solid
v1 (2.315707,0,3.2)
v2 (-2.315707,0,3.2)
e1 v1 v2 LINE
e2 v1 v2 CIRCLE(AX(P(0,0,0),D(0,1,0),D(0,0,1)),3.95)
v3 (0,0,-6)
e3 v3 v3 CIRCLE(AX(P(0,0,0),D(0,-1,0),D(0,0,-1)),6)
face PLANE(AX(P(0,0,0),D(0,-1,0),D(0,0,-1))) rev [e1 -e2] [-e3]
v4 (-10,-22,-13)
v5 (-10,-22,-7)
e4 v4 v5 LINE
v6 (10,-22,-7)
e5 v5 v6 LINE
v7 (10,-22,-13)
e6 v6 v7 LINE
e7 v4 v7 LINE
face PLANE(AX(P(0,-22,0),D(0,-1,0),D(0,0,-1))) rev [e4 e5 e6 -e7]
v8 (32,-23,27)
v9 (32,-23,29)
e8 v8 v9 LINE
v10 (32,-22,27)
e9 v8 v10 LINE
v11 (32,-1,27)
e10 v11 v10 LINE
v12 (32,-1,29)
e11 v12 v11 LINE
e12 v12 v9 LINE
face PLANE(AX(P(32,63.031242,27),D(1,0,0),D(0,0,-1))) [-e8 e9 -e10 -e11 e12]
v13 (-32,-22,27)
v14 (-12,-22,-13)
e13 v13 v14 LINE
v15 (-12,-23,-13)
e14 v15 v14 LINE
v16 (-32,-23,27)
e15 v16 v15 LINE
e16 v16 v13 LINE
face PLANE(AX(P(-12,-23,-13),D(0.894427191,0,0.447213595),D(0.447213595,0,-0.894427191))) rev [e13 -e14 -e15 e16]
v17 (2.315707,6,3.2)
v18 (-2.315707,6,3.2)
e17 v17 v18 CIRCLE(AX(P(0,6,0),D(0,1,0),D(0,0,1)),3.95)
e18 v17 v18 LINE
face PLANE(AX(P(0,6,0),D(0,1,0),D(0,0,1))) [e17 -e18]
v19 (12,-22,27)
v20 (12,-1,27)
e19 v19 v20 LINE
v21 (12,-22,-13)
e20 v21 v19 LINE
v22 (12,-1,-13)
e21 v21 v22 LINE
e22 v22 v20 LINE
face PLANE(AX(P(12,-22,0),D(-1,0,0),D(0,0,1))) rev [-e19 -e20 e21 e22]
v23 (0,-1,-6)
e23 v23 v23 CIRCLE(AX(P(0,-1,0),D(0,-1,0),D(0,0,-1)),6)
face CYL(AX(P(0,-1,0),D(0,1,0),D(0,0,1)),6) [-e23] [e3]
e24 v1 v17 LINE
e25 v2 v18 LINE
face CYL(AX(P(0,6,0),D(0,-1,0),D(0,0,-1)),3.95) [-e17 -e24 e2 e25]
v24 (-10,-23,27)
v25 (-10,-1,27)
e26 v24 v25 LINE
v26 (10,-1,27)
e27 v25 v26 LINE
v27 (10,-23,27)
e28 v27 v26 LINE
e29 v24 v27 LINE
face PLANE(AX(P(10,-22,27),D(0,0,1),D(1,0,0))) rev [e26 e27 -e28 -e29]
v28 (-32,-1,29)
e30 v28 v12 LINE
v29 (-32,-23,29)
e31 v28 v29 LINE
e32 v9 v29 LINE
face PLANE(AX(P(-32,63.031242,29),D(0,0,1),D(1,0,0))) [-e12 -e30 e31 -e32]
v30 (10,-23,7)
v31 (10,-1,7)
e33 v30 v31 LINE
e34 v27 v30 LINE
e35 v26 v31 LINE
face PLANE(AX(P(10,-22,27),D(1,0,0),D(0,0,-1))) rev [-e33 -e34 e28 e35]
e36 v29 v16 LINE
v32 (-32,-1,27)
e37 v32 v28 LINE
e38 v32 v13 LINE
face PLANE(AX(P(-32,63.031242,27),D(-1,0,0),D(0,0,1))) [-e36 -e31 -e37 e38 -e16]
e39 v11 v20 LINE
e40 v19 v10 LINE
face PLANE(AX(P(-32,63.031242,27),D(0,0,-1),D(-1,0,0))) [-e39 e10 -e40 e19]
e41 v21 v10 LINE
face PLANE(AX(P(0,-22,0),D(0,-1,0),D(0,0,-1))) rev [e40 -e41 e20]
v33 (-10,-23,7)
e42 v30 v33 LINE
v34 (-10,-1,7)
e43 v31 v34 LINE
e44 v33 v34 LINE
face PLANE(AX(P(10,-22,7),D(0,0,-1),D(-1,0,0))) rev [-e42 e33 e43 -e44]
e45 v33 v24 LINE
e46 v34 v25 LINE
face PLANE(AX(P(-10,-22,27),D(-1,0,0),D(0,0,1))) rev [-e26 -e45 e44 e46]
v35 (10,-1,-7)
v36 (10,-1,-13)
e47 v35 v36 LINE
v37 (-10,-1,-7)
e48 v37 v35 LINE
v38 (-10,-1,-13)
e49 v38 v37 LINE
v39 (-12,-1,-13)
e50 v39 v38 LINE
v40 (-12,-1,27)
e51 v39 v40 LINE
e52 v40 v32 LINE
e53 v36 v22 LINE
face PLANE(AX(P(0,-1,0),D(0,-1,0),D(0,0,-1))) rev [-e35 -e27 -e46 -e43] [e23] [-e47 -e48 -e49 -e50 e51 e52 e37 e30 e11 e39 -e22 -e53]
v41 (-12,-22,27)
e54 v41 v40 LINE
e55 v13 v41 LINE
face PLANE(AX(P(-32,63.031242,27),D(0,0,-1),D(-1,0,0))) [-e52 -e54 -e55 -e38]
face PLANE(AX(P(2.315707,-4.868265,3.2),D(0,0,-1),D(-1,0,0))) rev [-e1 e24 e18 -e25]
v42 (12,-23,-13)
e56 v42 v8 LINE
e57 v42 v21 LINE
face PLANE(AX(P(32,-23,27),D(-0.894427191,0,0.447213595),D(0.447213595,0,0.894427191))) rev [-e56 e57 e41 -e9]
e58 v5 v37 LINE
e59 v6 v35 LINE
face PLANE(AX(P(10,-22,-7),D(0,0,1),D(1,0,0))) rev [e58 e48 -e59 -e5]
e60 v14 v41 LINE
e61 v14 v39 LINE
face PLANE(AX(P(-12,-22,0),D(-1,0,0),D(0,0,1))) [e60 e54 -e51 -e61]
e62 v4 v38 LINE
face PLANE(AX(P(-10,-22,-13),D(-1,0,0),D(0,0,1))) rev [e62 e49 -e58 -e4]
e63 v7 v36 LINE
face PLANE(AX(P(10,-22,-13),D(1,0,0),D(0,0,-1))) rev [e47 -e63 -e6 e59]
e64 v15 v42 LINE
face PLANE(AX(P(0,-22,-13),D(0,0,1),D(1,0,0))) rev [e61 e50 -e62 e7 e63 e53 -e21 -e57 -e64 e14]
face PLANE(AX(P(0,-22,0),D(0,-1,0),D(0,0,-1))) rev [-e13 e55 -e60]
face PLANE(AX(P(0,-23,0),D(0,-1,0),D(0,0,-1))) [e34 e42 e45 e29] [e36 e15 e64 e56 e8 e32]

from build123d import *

# Parameters (mm, degrees)
SKETCH1_R           = 3.95
BOSS_EXTRUDE1_DEPTH = 6
SKETCH2_R           = 6
BOSS_EXTRUDE2_DEPTH = 1
SKETCH3_W           = 24
SKETCH3_H           = 14
SKETCH3_H_2         = 26
SKETCH3_R           = 6
BOSS_EXTRUDE3_DEPTH = 21
SKETCH6_W           = 64
SKETCH6_H           = 2
BOSS_EXTRUDE5_DEPTH = 21
SKETCH8_W           = 20
SKETCH8_H           = 20
SKETCH8_H_2         = 6
CUT_EXTRUDE1_DEPTH  = 49.020828814
SKETCH9_W           = 4.63141447
SKETCH9_H           = 1.5
CUT_EXTRUDE2_DEPTH  = 6
BOSS_EXTRUDE6_DEPTH = 1
SKETCH11_W          = 20
SKETCH11_H          = 20
CUT_EXTRUDE3_DEPTH  = 52.46843693


with BuildPart() as part:
    # Sketch1 → Boss-Extrude1 (new body)
    with BuildSketch(Plane(origin=(0, 0, 0), x_dir=(1, 0, 0), z_dir=(0, 1, 0))):
        with Locations(Location((0, 0, 0), (0, 0, 270))):
            Circle(SKETCH1_R)
    extrude(amount=BOSS_EXTRUDE1_DEPTH)

    # Sketch2 → Boss-Extrude2 (add)
    with BuildSketch(Plane.XZ):
        with Locations(Location((0, 0, 0), (0, 0, 270))):
            Circle(SKETCH2_R)
    extrude(amount=BOSS_EXTRUDE2_DEPTH)

    # Sketch3 → Boss-Extrude3 (add)
    # profile 1 of 3: a face of its own
    with BuildSketch(Plane.XZ.offset(1)):
        with Locations((0, 20)):
            Rectangle(SKETCH3_W, SKETCH3_H)
    # profile 2 of 3: a face of its own
    with BuildSketch(Plane.XZ.offset(1)):
        Rectangle(SKETCH3_W, SKETCH3_H_2)
        with Locations(Location((0, 0, 0), (0, 0, 270))):
            Circle(SKETCH3_R, mode=Mode.SUBTRACT)
    # profile 3 of 3: a face of its own
    with BuildSketch(Plane.XZ.offset(1)):
        with Locations(Location((0, 0, 0), (0, 0, 270))):
            Circle(SKETCH3_R)
    extrude(amount=BOSS_EXTRUDE3_DEPTH)

    # Sketch6 → Boss-Extrude5 (add)
    with BuildSketch(Plane.XZ.offset(22)):
        with Locations((0, 28)):
            Rectangle(SKETCH6_W, SKETCH6_H)
    extrude(amount=-BOSS_EXTRUDE5_DEPTH)

    # Sketch8 → Cut-Extrude1 (cut, through all)
    with BuildSketch(Plane(origin=(0, -1, 0), x_dir=(1, 0, 0), z_dir=(0, 1, 0))):
        with Locations((0, -17)):
            Rectangle(SKETCH8_W, SKETCH8_H)
        with Locations((0, 10)):
            Rectangle(SKETCH8_W, SKETCH8_H_2)
    extrude(amount=-CUT_EXTRUDE1_DEPTH, mode=Mode.SUBTRACT)

    # Sketch9 → Cut-Extrude2 (cut)
    with BuildSketch(Plane(origin=(0, 6, 0), x_dir=(1, 0, 0), z_dir=(0, 1, 0))):
        with Locations((0, -3.95)):
            Rectangle(SKETCH9_W, SKETCH9_H)
    extrude(amount=-CUT_EXTRUDE2_DEPTH, mode=Mode.SUBTRACT)

    # Sketch10 → Boss-Extrude6 (add)
    with BuildSketch(Plane.XZ.offset(22)):
        Polygon((-32, 29), (32, 29), (32, 27), (12, -13), (-12, -13), (-32, 27), align=None)
    extrude(amount=BOSS_EXTRUDE6_DEPTH)

    # Sketch11 → Cut-Extrude3 (cut, through all)
    with BuildSketch(Plane(origin=(0, -22, 0), x_dir=(1, 0, 0), z_dir=(0, 1, 0))):
        with Locations((0, -17)):
            Rectangle(SKETCH11_W, SKETCH11_H)
    extrude(amount=-CUT_EXTRUDE3_DEPTH, mode=Mode.SUBTRACT)


solid = part.part
